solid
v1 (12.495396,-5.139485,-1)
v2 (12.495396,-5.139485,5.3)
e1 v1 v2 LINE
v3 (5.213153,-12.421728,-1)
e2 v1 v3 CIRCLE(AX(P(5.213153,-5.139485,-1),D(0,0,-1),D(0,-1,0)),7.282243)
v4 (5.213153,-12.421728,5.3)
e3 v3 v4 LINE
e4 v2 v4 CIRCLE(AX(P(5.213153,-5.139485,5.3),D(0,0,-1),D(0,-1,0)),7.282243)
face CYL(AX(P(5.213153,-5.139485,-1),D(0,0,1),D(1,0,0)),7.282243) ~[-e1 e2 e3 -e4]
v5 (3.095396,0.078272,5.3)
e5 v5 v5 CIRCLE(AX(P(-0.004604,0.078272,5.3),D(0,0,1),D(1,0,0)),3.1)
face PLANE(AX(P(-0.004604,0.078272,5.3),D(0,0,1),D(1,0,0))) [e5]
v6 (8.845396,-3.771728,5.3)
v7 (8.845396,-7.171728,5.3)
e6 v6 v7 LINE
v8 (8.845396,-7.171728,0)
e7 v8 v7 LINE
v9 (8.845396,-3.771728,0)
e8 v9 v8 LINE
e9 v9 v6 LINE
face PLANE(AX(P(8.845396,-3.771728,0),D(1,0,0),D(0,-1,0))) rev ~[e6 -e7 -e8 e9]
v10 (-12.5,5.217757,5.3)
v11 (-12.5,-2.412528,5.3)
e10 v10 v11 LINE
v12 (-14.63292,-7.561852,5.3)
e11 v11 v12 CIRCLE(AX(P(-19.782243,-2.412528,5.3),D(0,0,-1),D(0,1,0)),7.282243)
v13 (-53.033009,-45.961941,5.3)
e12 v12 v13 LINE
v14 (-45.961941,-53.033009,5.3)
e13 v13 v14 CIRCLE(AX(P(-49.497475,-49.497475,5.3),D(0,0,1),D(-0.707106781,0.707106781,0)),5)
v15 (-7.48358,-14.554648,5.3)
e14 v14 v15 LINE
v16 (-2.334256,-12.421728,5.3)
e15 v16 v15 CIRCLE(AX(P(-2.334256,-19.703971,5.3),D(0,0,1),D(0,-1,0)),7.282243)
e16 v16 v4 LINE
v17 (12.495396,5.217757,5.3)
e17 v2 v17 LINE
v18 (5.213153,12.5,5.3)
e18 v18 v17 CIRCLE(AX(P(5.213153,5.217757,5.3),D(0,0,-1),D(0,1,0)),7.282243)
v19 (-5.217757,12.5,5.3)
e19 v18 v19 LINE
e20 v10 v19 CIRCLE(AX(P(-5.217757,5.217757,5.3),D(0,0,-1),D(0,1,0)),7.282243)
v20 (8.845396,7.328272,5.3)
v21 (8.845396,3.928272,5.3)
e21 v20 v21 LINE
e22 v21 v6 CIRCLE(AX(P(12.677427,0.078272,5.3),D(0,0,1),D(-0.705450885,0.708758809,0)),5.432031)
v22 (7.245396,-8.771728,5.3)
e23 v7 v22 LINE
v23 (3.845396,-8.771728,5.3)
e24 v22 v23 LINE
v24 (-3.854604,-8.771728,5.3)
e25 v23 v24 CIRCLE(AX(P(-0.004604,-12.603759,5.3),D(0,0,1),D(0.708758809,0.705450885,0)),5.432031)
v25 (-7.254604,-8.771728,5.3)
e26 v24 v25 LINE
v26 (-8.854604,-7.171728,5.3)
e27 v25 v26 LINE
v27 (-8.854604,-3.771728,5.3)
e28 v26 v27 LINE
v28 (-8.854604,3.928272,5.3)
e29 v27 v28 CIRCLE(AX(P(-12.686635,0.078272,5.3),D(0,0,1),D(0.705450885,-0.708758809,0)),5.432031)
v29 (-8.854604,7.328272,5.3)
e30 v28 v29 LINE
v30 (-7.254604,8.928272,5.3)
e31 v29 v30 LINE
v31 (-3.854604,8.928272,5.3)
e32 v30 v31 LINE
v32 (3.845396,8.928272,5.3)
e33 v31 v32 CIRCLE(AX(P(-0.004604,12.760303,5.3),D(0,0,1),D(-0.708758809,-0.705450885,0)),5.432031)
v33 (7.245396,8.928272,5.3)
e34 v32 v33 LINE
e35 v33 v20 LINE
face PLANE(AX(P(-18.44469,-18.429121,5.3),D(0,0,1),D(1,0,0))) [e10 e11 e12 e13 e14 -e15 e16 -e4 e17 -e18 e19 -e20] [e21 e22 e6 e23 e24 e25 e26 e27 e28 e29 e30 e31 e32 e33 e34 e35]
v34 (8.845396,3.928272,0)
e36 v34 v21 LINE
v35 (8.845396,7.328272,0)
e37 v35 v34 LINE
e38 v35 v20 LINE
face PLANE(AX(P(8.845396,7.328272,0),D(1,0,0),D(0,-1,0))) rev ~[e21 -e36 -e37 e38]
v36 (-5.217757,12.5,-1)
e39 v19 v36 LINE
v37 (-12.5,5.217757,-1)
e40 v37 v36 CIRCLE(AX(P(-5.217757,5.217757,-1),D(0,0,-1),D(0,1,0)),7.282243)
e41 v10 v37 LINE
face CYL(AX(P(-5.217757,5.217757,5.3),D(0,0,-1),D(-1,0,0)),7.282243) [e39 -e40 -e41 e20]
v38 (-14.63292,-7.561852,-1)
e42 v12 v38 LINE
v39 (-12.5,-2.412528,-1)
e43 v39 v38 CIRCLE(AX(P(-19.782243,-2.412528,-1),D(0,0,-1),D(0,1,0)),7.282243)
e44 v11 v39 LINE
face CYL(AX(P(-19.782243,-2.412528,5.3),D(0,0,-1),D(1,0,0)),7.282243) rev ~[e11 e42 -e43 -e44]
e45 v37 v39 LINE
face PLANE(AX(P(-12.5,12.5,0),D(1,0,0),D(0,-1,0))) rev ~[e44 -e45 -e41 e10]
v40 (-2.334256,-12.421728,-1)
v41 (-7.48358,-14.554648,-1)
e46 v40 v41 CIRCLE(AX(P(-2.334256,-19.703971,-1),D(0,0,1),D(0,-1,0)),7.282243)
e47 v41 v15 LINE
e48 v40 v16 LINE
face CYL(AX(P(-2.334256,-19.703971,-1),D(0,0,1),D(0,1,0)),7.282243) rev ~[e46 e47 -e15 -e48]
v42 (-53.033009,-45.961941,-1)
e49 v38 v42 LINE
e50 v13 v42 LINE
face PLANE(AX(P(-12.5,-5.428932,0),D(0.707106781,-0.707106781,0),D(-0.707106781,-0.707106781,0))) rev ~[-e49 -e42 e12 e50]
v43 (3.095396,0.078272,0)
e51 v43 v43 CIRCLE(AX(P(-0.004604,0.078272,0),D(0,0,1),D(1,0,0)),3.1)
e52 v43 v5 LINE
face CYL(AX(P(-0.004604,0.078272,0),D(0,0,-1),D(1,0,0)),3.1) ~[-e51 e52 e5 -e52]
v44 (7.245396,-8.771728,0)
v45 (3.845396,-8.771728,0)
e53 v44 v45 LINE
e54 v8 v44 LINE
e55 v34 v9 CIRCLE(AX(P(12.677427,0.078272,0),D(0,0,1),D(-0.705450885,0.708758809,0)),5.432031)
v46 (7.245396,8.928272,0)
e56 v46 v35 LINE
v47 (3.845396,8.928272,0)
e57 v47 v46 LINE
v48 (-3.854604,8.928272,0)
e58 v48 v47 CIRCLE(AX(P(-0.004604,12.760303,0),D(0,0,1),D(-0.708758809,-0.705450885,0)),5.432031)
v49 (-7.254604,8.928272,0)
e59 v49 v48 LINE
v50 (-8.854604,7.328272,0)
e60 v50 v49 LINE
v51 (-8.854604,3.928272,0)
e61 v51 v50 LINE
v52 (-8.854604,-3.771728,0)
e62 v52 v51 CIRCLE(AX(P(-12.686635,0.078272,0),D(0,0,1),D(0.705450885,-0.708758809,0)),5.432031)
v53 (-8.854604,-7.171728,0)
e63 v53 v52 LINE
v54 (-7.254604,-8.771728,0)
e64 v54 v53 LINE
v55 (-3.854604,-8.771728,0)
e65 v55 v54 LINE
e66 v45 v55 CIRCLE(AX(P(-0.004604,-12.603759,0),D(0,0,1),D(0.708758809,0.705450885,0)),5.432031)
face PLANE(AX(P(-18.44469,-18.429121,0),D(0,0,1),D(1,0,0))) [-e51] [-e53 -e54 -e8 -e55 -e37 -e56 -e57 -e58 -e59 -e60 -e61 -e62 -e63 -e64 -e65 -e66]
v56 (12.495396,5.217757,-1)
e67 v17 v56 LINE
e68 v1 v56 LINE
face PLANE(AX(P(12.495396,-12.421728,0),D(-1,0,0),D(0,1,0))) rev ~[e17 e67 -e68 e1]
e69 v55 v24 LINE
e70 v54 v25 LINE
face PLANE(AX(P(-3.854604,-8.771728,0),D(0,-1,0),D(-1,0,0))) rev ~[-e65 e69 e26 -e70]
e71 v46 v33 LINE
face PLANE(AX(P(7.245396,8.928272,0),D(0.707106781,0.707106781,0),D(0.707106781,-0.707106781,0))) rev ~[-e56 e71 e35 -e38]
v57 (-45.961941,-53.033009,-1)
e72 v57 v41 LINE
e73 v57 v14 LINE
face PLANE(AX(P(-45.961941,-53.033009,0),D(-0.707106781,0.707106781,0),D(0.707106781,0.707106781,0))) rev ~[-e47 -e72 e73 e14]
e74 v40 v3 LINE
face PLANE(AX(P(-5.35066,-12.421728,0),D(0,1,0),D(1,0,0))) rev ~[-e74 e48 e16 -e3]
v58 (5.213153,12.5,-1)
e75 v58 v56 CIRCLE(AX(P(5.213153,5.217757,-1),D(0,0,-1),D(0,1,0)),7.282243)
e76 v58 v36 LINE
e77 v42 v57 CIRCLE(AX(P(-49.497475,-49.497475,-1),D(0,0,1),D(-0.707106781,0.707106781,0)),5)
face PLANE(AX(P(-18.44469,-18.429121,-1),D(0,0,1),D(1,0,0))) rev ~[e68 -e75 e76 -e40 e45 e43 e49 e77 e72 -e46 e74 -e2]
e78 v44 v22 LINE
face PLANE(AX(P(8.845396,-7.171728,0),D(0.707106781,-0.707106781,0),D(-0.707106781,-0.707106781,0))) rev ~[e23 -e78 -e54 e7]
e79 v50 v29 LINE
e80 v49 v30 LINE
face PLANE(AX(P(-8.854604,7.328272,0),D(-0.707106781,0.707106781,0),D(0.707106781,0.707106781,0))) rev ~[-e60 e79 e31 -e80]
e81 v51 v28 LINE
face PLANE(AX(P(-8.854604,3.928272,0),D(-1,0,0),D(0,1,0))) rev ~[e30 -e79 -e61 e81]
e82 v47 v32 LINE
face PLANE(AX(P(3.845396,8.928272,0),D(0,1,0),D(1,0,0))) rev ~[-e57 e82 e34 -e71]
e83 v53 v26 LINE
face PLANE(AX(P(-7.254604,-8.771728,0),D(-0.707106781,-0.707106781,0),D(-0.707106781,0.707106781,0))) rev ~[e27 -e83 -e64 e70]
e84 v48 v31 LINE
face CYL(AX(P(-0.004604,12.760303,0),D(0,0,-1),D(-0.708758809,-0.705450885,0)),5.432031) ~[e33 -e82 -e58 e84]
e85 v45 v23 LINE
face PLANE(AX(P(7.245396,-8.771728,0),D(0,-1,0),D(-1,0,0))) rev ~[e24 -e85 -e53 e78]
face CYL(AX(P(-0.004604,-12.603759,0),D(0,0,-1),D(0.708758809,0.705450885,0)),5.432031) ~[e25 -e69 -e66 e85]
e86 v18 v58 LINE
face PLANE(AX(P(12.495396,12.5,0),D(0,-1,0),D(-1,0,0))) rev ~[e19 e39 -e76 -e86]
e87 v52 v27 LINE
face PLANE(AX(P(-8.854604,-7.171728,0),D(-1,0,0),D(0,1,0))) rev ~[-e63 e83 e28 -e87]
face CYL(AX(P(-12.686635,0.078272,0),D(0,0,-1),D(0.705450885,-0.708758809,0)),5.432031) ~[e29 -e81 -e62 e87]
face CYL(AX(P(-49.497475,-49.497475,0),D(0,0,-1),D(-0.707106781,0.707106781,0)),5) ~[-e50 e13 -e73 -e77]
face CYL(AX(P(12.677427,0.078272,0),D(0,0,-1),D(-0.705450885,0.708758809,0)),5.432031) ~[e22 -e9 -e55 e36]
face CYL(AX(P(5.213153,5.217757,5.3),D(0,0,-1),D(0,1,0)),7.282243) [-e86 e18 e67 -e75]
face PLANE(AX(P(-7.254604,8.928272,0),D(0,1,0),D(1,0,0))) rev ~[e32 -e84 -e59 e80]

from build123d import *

# Parameters (mm, degrees)
F0_R     = 3.1
F1_DEPTH = 1
F2_DEPTH = 5.3
F3_R     = 7.282243


with BuildPart() as f1:
    # F0 (on Top) → F1 (new body)
    with BuildSketch(Plane.XY):
        with BuildLine():
            Line((-12.504604, -5.433536), (-53.033009, -45.961941))
            ThreePointArc((-53.033009, -45.961941), (-53.033009, -53.033009), (-45.961941, -53.033009))
            Line((-45.961941, -53.033009), (-5.428932, -12.5))
            Line((-5.428932, -12.5), (-5.35066, -12.421728))
            Line((-5.35066, -12.421728), (12.495396, -12.421728))
            Line((12.495396, -12.421728), (12.495396, 12.5))
            Line((12.495396, 12.5), (-12.5, 12.5))
            Line((-12.5, 12.5), (-12.5, -5.428932))
            Line((-12.5, -5.428932), (-12.504604, -5.433536))
        make_face()
        with BuildLine():
            Line((-8.854604, 7.328272), (-7.254604, 8.928272))
            Line((-7.254604, 8.928272), (-3.854604, 8.928272))
            ThreePointArc((-3.854604, 8.928272), (-0.004604, 7.328272), (3.845396, 8.928272))
            Line((3.845396, 8.928272), (7.245396, 8.928272))
            Line((7.245396, 8.928272), (8.845396, 7.328272))
            Line((8.845396, 7.328272), (8.845396, 3.928272))
            ThreePointArc((8.845396, 3.928272), (7.245396, 0.078272), (8.845396, -3.771728))
            Line((8.845396, -3.771728), (8.845396, -7.171728))
            Line((8.845396, -7.171728), (7.245396, -8.771728))
            Line((7.245396, -8.771728), (3.845396, -8.771728))
            ThreePointArc((3.845396, -8.771728), (-0.004604, -7.171728), (-3.854604, -8.771728))
            Line((-3.854604, -8.771728), (-7.254604, -8.771728))
            Line((-7.254604, -8.771728), (-8.854604, -7.171728))
            Line((-8.854604, -7.171728), (-8.854604, -3.771728))
            ThreePointArc((-8.854604, -3.771728), (-7.254604, 0.078272), (-8.854604, 3.928272))
            Line((-8.854604, 3.928272), (-8.854604, 7.328272))
        make_face(mode=Mode.SUBTRACT)
        with BuildLine():
            Line((-3.854604, 8.928272), (-7.254604, 8.928272))
            Line((-7.254604, 8.928272), (-8.854604, 7.328272))
            Line((-8.854604, 7.328272), (-8.854604, 3.928272))
            ThreePointArc((-8.854604, 3.928272), (-7.254604, 0.078272), (-8.854604, -3.771728))
            Line((-8.854604, -3.771728), (-8.854604, -7.171728))
            Line((-8.854604, -7.171728), (-7.254604, -8.771728))
            Line((-7.254604, -8.771728), (-3.854604, -8.771728))
            ThreePointArc((-3.854604, -8.771728), (-0.004604, -7.171728), (3.845396, -8.771728))
            Line((3.845396, -8.771728), (7.245396, -8.771728))
            Line((7.245396, -8.771728), (8.845396, -7.171728))
            Line((8.845396, -7.171728), (8.845396, -3.771728))
            ThreePointArc((8.845396, -3.771728), (7.245396, 0.078272), (8.845396, 3.928272))
            Line((8.845396, 3.928272), (8.845396, 7.328272))
            Line((8.845396, 7.328272), (7.245396, 8.928272))
            Line((7.245396, 8.928272), (3.845396, 8.928272))
            ThreePointArc((3.845396, 8.928272), (-0.004604, 7.328272), (-3.854604, 8.928272))
        make_face()
        with Locations((-0.004604, 0.078272)):
            Circle(F0_R, mode=Mode.SUBTRACT)
        with Locations((-0.004604, 0.078272)):
            Circle(F0_R)
    extrude(amount=-F1_DEPTH)

    # F0 (on Top) → F2 (join)
    with BuildSketch(Plane.XY):
        with BuildLine():
            Line((-12.504604, -5.433536), (-53.033009, -45.961941))
            ThreePointArc((-53.033009, -45.961941), (-53.033009, -53.033009), (-45.961941, -53.033009))
            Line((-45.961941, -53.033009), (-5.428932, -12.5))
            Line((-5.428932, -12.5), (-5.35066, -12.421728))
            Line((-5.35066, -12.421728), (12.495396, -12.421728))
            Line((12.495396, -12.421728), (12.495396, 12.5))
            Line((12.495396, 12.5), (-12.5, 12.5))
            Line((-12.5, 12.5), (-12.5, -5.428932))
            Line((-12.5, -5.428932), (-12.504604, -5.433536))
        make_face()
        with BuildLine():
            Line((-8.854604, 7.328272), (-7.254604, 8.928272))
            Line((-7.254604, 8.928272), (-3.854604, 8.928272))
            ThreePointArc((-3.854604, 8.928272), (-0.004604, 7.328272), (3.845396, 8.928272))
            Line((3.845396, 8.928272), (7.245396, 8.928272))
            Line((7.245396, 8.928272), (8.845396, 7.328272))
            Line((8.845396, 7.328272), (8.845396, 3.928272))
            ThreePointArc((8.845396, 3.928272), (7.245396, 0.078272), (8.845396, -3.771728))
            Line((8.845396, -3.771728), (8.845396, -7.171728))
            Line((8.845396, -7.171728), (7.245396, -8.771728))
            Line((7.245396, -8.771728), (3.845396, -8.771728))
            ThreePointArc((3.845396, -8.771728), (-0.004604, -7.171728), (-3.854604, -8.771728))
            Line((-3.854604, -8.771728), (-7.254604, -8.771728))
            Line((-7.254604, -8.771728), (-8.854604, -7.171728))
            Line((-8.854604, -7.171728), (-8.854604, -3.771728))
            ThreePointArc((-8.854604, -3.771728), (-7.254604, 0.078272), (-8.854604, 3.928272))
            Line((-8.854604, 3.928272), (-8.854604, 7.328272))
        make_face(mode=Mode.SUBTRACT)
        with Locations((-0.004604, 0.078272)):
            Circle(F0_R)
    extrude(amount=F2_DEPTH)

    # F3
    f3_edges = [f1.edges().sort_by_distance(p)[0] for p in [
        (-12.5, -5.428932, 2.15),
        (-12.5, 12.5, 2.15),
        (12.495396, 12.5, 2.15),
        (12.495396, -12.421728, 2.15),
        (-5.35066, -12.421728, 2.15),
    ]]
    fillet(f3_edges, radius=F3_R)


solid = f1.part
